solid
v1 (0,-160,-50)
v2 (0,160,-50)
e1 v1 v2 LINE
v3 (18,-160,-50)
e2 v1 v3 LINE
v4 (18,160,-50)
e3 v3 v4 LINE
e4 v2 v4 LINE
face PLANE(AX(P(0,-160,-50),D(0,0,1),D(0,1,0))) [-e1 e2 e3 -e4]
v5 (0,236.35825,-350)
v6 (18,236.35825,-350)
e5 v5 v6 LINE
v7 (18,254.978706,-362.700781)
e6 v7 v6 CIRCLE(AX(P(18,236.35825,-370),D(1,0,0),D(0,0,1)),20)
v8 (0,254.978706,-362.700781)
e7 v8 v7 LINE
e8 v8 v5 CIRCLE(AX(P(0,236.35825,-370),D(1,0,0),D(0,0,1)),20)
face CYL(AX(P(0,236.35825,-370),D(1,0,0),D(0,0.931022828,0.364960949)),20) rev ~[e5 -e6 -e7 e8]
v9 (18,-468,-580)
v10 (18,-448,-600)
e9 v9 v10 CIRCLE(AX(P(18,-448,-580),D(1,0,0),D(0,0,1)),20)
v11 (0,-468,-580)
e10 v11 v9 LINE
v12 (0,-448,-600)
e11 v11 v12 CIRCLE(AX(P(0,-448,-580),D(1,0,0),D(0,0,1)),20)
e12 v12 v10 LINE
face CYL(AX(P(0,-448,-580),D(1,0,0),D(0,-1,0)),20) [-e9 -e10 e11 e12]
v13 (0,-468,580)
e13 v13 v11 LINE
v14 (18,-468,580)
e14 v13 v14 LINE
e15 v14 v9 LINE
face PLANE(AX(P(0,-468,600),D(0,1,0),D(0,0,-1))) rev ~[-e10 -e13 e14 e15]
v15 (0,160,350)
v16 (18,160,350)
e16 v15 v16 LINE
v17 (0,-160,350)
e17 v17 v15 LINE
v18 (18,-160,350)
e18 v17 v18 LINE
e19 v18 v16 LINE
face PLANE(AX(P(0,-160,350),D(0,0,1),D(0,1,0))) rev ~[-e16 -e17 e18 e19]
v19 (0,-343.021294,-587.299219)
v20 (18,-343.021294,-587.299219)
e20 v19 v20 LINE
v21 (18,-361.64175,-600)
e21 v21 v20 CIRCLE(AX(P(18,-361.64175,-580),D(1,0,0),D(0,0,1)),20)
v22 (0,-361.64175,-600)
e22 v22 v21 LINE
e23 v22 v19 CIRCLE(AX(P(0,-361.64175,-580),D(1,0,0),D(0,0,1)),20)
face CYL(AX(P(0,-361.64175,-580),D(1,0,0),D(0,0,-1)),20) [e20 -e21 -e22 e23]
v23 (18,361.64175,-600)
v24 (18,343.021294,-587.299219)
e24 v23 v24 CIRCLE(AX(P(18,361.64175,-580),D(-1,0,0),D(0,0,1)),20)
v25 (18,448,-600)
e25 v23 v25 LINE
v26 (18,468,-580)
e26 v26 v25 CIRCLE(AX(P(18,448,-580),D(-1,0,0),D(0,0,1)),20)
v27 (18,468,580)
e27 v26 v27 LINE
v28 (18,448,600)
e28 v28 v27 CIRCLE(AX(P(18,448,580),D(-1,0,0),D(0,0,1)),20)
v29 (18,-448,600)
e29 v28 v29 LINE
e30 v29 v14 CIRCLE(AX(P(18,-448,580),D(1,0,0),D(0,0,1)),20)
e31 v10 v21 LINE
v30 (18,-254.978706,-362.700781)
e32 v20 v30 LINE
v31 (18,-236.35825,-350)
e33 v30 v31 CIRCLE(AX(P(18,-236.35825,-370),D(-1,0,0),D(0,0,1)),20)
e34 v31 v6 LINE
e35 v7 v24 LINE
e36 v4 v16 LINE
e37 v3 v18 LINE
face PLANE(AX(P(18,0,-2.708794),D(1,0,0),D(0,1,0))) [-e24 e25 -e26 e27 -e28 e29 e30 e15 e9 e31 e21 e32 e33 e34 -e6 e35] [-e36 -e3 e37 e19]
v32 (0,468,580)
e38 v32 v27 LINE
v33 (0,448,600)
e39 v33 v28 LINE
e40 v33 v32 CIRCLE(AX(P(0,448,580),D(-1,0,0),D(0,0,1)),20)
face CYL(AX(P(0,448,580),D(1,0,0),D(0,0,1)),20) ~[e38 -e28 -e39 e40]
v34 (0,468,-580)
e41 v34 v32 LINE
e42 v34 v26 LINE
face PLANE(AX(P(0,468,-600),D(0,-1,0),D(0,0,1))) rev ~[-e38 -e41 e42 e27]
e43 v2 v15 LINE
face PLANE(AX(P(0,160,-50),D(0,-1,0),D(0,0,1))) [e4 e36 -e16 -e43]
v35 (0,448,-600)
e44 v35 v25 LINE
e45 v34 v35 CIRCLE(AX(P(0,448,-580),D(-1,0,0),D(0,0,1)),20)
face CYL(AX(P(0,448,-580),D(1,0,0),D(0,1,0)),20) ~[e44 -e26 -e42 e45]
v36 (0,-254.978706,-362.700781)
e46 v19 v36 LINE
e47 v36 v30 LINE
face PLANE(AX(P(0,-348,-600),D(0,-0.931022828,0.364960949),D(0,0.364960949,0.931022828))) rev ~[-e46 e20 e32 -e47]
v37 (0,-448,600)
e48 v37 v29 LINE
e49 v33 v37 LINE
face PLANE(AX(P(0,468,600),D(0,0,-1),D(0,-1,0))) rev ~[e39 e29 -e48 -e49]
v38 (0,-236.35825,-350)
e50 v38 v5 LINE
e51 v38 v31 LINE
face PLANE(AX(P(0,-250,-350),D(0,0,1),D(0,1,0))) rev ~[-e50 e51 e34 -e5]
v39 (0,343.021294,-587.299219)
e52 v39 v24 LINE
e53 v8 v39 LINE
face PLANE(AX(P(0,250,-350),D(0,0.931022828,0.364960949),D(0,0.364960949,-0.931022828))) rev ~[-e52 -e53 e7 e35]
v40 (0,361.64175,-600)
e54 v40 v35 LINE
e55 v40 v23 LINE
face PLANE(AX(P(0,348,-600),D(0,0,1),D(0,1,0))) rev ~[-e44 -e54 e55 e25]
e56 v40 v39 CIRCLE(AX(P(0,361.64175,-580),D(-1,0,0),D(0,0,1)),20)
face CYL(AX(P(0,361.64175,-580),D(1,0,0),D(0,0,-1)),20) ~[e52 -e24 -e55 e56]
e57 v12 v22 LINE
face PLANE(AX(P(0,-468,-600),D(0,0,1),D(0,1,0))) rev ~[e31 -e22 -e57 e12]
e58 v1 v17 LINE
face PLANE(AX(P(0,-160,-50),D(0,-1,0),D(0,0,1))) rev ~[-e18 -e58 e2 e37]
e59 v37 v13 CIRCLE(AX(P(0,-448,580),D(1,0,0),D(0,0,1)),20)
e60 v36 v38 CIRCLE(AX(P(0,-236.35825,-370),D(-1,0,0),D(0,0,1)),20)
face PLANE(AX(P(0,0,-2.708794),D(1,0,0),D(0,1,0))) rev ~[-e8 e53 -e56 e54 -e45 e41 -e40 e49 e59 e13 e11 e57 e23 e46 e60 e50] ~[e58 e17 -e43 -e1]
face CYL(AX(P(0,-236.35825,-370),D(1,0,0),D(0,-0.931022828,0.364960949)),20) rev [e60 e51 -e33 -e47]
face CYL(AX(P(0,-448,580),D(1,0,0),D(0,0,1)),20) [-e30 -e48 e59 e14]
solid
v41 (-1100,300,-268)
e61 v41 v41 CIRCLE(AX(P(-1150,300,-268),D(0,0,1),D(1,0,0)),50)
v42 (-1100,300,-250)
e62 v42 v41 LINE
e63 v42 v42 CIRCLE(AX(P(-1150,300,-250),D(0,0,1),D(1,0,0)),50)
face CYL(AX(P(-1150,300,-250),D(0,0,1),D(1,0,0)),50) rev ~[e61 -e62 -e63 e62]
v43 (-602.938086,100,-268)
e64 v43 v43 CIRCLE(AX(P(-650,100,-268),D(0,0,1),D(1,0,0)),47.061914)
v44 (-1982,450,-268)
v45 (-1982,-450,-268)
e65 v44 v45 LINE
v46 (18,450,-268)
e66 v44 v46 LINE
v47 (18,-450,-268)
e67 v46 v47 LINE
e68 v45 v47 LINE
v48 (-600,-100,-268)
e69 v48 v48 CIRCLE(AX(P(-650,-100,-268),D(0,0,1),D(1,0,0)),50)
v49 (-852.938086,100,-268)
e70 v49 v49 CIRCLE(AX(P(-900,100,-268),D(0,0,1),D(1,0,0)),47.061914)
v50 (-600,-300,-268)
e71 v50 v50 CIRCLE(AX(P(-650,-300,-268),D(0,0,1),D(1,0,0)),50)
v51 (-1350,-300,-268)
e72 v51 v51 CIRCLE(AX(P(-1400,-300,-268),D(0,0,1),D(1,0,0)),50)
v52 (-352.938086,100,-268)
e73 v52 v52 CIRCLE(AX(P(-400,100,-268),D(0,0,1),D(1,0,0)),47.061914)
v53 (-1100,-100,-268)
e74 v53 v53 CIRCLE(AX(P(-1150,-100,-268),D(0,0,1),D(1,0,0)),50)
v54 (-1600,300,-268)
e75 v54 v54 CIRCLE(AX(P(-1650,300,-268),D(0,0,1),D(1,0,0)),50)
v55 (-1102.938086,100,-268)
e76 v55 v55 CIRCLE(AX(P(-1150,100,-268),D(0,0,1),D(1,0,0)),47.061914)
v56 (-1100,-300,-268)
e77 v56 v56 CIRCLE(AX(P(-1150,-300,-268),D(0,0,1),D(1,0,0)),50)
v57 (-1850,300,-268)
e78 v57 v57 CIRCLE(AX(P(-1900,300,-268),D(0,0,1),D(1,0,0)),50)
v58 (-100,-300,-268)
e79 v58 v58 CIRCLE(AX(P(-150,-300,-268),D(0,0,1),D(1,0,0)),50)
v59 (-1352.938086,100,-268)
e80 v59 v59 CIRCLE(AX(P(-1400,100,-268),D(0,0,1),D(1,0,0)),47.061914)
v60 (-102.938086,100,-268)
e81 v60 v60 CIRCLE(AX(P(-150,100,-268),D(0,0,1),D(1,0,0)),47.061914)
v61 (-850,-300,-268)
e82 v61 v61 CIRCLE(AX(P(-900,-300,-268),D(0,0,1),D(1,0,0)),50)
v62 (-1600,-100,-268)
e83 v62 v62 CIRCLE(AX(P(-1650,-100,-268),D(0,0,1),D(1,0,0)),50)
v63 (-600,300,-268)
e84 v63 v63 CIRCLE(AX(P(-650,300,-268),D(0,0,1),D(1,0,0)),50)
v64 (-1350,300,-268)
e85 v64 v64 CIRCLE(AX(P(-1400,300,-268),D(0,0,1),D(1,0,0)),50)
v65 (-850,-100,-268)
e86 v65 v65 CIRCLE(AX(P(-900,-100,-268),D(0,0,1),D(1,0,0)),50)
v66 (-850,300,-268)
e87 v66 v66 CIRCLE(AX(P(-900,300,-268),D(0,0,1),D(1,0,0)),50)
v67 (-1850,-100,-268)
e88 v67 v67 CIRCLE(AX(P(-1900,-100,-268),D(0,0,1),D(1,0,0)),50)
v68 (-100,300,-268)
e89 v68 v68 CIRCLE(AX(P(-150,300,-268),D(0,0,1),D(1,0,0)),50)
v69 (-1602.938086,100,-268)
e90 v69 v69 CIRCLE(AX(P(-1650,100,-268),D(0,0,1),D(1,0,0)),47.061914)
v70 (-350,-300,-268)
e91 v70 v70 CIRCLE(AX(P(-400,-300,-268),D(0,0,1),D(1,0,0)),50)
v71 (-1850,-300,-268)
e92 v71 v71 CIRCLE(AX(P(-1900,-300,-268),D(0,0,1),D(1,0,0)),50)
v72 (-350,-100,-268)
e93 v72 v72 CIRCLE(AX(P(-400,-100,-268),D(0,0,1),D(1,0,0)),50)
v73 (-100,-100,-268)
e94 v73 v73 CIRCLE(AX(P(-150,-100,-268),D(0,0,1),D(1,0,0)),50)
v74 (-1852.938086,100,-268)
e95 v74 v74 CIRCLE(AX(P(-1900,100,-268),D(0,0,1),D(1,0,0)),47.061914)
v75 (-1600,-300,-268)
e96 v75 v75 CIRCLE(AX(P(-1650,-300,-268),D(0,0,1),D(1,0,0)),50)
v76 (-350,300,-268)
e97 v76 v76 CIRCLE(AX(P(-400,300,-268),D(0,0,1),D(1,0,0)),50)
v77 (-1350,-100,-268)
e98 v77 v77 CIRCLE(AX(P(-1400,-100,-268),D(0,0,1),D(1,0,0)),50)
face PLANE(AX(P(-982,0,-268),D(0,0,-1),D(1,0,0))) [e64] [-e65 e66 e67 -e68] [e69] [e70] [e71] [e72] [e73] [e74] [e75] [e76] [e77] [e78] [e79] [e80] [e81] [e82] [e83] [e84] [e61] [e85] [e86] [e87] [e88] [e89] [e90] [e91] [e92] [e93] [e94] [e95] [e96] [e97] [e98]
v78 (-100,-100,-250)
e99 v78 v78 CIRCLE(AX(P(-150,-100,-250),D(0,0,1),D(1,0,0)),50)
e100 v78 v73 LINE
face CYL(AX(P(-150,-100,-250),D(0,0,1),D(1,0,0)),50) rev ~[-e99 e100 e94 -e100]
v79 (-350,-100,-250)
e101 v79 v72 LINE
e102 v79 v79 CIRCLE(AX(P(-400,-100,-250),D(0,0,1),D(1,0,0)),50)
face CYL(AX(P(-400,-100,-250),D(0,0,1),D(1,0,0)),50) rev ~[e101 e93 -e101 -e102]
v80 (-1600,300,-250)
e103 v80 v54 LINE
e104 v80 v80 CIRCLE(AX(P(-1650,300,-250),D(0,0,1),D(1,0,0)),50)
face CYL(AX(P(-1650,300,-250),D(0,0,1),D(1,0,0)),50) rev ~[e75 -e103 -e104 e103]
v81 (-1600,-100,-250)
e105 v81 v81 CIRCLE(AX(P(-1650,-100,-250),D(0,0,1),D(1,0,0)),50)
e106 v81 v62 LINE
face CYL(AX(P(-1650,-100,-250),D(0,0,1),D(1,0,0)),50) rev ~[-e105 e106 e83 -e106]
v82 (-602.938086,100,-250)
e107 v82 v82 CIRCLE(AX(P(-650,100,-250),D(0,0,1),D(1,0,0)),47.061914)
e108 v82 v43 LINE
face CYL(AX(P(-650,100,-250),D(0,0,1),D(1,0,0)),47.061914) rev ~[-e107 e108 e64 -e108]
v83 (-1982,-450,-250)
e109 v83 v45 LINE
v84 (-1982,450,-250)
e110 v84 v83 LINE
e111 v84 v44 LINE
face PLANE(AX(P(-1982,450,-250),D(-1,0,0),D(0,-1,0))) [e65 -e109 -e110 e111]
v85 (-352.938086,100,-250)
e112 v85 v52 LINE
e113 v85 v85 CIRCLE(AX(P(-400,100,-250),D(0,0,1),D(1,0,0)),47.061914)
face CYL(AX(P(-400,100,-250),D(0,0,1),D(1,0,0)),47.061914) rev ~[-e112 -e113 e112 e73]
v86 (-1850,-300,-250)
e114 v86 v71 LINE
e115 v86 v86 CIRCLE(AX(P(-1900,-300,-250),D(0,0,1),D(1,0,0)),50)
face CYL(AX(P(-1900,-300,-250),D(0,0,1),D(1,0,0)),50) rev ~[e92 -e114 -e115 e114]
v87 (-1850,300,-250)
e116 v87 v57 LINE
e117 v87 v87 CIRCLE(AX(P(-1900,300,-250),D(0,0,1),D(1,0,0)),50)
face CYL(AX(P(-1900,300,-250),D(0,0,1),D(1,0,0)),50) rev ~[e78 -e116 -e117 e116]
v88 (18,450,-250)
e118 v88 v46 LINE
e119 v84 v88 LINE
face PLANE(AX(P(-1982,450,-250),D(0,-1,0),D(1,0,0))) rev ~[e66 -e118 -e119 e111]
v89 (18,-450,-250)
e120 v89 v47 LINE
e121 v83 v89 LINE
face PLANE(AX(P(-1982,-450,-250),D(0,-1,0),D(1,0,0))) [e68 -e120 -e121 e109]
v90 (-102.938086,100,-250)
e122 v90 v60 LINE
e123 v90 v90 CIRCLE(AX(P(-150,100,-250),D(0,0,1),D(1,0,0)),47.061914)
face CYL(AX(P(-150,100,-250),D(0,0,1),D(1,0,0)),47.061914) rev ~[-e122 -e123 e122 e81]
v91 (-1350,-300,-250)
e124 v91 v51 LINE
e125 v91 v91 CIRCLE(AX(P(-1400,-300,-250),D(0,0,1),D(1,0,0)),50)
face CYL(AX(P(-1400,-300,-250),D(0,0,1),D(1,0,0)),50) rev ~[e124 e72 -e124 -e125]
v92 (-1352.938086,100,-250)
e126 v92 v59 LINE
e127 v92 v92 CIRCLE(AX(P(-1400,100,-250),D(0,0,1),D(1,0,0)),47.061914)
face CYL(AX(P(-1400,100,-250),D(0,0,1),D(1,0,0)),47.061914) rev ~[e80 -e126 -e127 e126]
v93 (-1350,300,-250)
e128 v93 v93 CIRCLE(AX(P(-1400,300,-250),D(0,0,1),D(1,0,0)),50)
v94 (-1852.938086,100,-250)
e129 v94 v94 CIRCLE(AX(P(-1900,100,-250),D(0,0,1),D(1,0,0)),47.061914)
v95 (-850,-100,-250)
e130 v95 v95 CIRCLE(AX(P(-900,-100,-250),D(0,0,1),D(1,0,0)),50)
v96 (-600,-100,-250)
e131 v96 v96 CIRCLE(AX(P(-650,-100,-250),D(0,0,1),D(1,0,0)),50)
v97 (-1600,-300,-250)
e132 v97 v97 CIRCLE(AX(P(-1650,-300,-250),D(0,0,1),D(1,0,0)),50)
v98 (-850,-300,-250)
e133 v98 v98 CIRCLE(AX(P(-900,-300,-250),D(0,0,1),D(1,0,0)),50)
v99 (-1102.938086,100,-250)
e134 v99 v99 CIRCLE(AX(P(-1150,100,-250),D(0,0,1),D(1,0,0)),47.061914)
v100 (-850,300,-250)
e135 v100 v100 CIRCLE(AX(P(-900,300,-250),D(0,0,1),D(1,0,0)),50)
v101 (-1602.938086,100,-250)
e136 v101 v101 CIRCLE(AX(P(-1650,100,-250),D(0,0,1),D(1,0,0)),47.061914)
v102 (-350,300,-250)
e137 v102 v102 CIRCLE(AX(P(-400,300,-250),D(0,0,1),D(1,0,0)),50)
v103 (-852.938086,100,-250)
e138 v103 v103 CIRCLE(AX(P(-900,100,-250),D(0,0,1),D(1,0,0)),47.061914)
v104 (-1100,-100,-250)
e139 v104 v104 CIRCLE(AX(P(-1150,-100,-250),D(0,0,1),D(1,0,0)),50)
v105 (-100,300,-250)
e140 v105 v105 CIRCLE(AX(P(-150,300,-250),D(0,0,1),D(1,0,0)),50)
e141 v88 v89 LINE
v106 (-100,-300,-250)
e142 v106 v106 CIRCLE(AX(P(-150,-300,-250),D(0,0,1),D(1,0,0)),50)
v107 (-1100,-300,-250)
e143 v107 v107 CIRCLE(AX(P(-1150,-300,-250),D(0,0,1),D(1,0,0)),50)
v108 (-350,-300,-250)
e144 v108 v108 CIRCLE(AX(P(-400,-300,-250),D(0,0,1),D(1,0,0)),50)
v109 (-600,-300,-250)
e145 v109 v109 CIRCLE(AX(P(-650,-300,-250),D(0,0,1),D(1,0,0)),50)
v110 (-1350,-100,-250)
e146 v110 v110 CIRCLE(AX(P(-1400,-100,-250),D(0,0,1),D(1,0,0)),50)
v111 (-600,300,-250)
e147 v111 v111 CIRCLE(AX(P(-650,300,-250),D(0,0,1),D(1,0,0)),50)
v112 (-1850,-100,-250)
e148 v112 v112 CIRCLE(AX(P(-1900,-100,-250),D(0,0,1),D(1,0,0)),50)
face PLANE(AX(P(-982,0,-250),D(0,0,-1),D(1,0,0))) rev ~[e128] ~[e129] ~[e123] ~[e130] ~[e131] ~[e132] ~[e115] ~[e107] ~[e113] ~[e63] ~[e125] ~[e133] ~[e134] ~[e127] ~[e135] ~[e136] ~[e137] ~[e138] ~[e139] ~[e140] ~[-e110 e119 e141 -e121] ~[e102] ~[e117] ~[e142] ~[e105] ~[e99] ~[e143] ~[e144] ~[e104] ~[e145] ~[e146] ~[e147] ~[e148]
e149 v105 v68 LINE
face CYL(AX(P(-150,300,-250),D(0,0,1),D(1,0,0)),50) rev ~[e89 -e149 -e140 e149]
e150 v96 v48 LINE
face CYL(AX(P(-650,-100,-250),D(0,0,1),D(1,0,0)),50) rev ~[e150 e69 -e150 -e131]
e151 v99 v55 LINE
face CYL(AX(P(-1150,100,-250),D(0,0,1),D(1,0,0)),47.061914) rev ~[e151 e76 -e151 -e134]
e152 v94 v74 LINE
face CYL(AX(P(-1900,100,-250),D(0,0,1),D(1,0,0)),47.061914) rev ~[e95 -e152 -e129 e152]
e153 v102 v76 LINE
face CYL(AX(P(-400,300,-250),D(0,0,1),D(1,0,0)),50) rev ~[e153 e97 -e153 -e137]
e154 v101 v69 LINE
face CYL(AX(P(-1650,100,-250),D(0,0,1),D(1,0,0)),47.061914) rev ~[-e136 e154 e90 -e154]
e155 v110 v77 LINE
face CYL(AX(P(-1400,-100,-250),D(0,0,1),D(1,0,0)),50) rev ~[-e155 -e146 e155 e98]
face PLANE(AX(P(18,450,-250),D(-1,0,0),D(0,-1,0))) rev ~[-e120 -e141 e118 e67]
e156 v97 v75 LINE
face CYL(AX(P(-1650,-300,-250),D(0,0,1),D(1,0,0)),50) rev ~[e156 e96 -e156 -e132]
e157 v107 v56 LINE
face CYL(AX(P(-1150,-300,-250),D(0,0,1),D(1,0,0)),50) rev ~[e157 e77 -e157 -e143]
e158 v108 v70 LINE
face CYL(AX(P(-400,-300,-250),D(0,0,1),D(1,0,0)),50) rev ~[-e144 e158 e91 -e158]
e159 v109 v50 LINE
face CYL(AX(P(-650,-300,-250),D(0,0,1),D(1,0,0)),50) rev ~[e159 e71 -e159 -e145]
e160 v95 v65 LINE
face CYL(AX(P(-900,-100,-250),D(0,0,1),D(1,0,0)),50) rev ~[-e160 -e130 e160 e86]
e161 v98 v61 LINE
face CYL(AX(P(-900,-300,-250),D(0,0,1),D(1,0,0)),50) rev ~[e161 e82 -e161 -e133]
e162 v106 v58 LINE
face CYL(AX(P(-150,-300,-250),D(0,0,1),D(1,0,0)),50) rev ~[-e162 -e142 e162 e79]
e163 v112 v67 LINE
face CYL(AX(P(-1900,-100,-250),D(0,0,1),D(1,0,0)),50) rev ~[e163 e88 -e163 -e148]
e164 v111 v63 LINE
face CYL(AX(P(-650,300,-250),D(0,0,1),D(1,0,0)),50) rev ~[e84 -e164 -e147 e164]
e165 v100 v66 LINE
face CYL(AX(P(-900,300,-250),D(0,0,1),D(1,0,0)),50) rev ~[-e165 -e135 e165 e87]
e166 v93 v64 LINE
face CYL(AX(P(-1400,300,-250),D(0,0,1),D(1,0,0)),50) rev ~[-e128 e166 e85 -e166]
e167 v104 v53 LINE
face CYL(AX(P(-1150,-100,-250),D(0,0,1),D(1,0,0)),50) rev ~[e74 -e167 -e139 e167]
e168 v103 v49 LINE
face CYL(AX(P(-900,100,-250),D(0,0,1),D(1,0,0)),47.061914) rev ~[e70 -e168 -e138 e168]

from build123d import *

# Parameters (mm, degrees)
F0_W     = 320
F0_H     = 400
F1_DEPTH = 18
F2_R     = 20
F4_W     = 2000
F4_H     = 900
F5_DEPTH = 18
F7_R     = 50
F7_R_2   = 47.0619138389
F8_DEPTH = 25


with BuildPart() as f1:
    # F0 (on Right) → F1 (new body)
    with BuildSketch(Plane.YZ):
        Polygon((468, 600), (-468, 600), (-468, -600), (-348, -600), (-250, -350), (250, -350), (348, -600), (468, -600), align=None)
        with Locations((0, 150)):
            Rectangle(F0_W, F0_H, mode=Mode.SUBTRACT)
    extrude(amount=F1_DEPTH)

    # F2
    f2_edges = [f1.edges().sort_by_distance(p)[0] for p in [
        (9, -468, 600),
        (9, 468, 600),
        (9, 468, -600),
        (9, 348, -600),
        (9, 250, -350),
        (9, -250, -350),
        (9, -348, -600),
        (9, -468, -600),
    ]]
    fillet(f2_edges, radius=F2_R)


with BuildPart() as f5:
    # F4 (on offset) → F5 (new body)
    with BuildSketch(Plane(origin=(0, 0, -250), x_dir=(1, 0, 0), z_dir=(0, 0, -1))):
        with Locations((-982, 0)):
            Rectangle(F4_W, F4_H)
    extrude(amount=F5_DEPTH)

    # F7 (on face) → F8 (cut)
    with BuildSketch(Plane.XY.offset(-250)):
        with Locations((-150, 300)):
            Circle(F7_R)
        with Locations((-150, 100)):
            Circle(F7_R_2)
        with Locations((-150, -100)):
            Circle(F7_R)
        with Locations((-150, -300)):
            Circle(F7_R)
        with Locations((-400, -300)):
            Circle(F7_R)
        with Locations((-400, -100)):
            Circle(F7_R)
        with Locations((-400, 300)):
            Circle(F7_R)
        with Locations((-400, 100)):
            Circle(F7_R_2)
        with Locations((-650, 100)):
            Circle(F7_R_2)
        with Locations((-650, 300)):
            Circle(F7_R)
        with Locations((-650, -300)):
            Circle(F7_R)
        with Locations((-650, -100)):
            Circle(F7_R)
        with Locations((-900, 100)):
            Circle(F7_R_2)
        with Locations((-900, -300)):
            Circle(F7_R)
        with Locations((-900, 300)):
            Circle(F7_R)
        with Locations((-900, -100)):
            Circle(F7_R)
        with Locations((-1900, -300)):
            Circle(F7_R)
        with Locations((-1650, -100)):
            Circle(F7_R)
        with Locations((-1650, 100)):
            Circle(F7_R_2)
        with Locations((-1900, -100)):
            Circle(F7_R)
        with Locations((-1900, 100)):
            Circle(F7_R_2)
        with Locations((-1650, 300)):
            Circle(F7_R)
        with Locations((-1900, 300)):
            Circle(F7_R)
        with Locations((-1150, -300)):
            Circle(F7_R)
        with Locations((-1400, -100)):
            Circle(F7_R)
        with Locations((-1150, 100)):
            Circle(F7_R_2)
        with Locations((-1400, 300)):
            Circle(F7_R)
        with Locations((-1150, -100)):
            Circle(F7_R)
        with Locations((-1400, 100)):
            Circle(F7_R_2)
        with Locations((-1650, -300)):
            Circle(F7_R)
        with Locations((-1400, -300)):
            Circle(F7_R)
        with Locations((-1150, 300)):
            Circle(F7_R)
    extrude(amount=-F8_DEPTH, mode=Mode.SUBTRACT)


solid = Compound([f1.part, f5.part])
